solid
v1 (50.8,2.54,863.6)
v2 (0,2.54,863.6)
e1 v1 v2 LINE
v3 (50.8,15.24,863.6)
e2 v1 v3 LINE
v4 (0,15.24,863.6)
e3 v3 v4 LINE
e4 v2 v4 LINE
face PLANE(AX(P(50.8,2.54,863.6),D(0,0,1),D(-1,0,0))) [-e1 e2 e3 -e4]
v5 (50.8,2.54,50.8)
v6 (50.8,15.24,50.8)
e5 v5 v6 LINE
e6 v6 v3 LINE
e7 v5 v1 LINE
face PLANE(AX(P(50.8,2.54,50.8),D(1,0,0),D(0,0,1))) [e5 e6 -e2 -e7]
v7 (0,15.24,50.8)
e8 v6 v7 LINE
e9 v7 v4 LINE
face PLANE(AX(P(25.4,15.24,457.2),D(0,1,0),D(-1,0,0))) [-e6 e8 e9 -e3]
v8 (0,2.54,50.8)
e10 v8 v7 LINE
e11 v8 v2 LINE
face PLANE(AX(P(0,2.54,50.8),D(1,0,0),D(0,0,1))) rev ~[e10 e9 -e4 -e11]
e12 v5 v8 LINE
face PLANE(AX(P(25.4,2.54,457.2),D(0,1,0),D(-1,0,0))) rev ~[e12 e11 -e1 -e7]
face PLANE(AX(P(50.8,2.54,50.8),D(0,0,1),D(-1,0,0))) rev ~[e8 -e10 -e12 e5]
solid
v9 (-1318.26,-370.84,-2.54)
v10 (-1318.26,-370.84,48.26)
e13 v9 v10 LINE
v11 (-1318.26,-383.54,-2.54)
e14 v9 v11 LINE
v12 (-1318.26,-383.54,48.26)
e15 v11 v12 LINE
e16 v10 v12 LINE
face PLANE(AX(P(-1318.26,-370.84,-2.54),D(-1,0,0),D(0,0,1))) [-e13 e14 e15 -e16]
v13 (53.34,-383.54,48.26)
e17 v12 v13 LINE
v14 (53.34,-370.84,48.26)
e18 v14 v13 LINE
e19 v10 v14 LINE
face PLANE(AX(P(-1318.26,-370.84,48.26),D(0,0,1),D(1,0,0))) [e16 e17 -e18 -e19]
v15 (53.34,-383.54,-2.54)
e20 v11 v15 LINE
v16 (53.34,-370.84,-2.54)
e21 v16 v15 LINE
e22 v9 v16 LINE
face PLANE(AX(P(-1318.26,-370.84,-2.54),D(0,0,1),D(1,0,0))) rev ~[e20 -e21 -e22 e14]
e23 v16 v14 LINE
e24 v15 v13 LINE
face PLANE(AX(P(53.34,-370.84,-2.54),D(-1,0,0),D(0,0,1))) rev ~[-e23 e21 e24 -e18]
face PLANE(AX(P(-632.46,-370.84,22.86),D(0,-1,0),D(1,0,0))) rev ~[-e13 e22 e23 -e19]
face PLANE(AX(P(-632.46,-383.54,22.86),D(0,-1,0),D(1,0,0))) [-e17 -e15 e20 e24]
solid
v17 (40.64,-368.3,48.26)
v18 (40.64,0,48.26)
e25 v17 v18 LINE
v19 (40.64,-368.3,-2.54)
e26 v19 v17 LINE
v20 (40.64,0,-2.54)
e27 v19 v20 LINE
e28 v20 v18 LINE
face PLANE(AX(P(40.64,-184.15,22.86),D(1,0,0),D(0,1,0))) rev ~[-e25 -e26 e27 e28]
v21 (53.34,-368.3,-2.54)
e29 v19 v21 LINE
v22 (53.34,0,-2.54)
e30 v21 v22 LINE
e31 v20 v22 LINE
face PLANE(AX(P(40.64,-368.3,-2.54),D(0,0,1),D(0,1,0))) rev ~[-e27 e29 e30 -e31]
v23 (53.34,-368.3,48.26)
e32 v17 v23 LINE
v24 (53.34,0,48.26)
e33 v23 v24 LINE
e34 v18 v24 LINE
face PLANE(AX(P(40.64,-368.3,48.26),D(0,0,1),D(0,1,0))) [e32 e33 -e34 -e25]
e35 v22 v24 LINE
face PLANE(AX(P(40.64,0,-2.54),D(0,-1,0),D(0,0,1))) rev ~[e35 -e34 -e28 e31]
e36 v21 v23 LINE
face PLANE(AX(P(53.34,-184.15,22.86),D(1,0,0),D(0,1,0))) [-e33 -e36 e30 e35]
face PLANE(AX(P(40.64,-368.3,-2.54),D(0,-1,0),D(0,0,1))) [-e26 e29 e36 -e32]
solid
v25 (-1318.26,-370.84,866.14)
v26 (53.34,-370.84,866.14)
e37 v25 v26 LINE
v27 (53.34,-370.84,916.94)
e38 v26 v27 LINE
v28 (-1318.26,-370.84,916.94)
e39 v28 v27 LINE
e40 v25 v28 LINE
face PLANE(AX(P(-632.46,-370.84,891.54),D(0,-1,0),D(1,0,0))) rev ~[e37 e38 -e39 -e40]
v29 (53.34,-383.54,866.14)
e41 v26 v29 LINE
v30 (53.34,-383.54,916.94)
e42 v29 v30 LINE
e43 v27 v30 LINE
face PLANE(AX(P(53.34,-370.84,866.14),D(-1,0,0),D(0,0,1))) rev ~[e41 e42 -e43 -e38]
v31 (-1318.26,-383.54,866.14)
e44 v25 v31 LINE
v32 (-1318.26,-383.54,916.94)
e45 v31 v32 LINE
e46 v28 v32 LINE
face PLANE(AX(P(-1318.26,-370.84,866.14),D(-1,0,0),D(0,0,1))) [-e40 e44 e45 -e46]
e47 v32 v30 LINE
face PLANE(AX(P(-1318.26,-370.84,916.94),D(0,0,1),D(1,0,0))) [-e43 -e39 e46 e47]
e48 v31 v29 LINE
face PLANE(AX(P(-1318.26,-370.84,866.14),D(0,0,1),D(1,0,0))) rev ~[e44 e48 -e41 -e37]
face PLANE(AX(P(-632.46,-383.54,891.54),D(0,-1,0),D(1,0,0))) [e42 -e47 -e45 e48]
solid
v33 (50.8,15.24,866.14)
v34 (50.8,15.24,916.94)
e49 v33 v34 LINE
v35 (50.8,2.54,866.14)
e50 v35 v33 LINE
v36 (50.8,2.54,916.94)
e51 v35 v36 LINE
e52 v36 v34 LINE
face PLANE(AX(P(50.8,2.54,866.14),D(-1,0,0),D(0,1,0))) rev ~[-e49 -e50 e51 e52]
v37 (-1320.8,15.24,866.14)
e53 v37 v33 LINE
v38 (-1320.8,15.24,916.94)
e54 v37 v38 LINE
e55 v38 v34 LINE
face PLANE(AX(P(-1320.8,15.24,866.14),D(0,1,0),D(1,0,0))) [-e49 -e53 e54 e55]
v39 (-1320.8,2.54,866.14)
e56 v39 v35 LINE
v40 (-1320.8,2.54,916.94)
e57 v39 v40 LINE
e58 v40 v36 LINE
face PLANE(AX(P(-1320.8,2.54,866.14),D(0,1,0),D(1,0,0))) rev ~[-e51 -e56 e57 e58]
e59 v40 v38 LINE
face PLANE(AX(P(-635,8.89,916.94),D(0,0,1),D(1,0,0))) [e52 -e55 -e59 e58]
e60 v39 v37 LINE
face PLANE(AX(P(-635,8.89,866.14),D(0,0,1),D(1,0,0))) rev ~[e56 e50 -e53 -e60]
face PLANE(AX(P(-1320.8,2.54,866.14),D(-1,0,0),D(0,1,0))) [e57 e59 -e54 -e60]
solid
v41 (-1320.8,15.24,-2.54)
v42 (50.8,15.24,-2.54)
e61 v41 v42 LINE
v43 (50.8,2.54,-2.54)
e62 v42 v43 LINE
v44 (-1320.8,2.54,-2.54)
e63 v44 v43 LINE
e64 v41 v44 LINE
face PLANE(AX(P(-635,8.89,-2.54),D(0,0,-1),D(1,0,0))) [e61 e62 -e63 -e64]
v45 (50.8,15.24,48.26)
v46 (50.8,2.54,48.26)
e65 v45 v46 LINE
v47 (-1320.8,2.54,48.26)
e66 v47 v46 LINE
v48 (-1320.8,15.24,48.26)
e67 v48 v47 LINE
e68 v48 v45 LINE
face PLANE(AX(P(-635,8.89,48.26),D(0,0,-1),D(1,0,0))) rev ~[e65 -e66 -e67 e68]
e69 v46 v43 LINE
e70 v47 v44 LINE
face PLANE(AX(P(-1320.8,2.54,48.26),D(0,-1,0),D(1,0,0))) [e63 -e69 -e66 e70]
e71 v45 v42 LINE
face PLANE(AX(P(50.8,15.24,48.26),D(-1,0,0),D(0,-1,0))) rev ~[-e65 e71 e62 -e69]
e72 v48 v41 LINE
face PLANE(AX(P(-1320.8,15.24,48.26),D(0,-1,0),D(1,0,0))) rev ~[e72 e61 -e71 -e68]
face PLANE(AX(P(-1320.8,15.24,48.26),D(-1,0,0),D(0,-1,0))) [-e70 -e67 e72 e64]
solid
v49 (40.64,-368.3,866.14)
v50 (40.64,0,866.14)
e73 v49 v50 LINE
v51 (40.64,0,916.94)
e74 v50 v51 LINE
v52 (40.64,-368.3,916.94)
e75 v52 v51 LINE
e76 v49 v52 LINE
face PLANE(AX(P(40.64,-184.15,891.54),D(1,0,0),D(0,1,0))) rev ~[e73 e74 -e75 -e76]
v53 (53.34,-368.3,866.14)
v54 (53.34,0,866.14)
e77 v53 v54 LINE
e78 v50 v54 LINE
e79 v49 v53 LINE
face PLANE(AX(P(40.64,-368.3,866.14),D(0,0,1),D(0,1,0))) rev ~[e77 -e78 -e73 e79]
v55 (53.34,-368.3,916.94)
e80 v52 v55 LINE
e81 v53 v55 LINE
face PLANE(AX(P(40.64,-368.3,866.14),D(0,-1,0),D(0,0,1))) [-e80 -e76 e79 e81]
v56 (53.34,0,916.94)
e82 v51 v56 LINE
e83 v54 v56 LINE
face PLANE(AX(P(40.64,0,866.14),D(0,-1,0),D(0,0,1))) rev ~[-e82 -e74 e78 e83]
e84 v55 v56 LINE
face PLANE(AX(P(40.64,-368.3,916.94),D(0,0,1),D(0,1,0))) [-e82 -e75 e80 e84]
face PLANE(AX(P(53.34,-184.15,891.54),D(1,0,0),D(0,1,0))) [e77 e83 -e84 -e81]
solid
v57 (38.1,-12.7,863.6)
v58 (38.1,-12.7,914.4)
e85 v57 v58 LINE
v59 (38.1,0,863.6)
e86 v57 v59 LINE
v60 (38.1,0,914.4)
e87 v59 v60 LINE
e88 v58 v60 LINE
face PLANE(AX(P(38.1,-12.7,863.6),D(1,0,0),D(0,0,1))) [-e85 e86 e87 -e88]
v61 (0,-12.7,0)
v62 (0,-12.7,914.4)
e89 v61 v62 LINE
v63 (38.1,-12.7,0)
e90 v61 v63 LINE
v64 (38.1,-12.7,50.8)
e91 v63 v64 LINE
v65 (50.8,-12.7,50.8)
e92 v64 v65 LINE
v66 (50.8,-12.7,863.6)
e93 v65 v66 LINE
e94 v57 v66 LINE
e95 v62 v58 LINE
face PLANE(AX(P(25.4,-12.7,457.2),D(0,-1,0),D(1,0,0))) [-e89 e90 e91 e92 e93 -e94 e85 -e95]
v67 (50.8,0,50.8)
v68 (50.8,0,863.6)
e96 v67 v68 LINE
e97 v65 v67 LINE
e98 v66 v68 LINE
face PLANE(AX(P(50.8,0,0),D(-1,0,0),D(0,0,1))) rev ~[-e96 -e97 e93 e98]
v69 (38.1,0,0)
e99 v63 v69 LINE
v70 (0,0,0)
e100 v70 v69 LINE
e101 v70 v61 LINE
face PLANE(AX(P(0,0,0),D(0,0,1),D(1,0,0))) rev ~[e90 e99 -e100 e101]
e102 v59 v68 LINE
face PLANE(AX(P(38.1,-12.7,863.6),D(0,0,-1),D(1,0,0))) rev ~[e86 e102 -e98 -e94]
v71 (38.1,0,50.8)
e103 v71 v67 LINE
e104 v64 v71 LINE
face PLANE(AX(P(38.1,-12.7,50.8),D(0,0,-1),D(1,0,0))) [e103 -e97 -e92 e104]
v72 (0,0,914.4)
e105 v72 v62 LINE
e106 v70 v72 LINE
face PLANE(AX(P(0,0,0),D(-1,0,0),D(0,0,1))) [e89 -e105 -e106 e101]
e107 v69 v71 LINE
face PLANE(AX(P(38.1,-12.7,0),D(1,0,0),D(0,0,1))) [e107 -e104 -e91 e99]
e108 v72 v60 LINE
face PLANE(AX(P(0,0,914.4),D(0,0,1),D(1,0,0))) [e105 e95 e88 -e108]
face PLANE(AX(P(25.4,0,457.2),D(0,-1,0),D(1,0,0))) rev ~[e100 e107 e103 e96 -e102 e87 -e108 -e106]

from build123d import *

# Parameters (mm, degrees)
F0_W      = 50.8
F0_H      = 914.4
F1_DEPTH  = 12.7
F3_W      = 50.8
F3_H      = 812.8
F4_DEPTH  = 12.7
F6_W      = 1371.6
F6_H      = 12.7
F7_DEPTH  = 50.8
F9_W      = 1371.6
F9_H      = 12.7
F10_DEPTH = 50.8
F11_W     = 12.7
F11_H     = 50.8
F12_DEPTH = 12.7
F14_W     = 368.3
F14_H     = 50.8
F15_DEPTH = 12.7
F16_W     = 12.7
F16_H     = 50.8
F17_DEPTH = 12.7
F19_W     = 368.3
F19_H     = 50.8
F20_DEPTH = 12.7
F22_W     = 1371.6
F22_H     = 50.8
F23_DEPTH = 12.7
F25_W     = 1371.6
F25_H     = 50.8
F26_DEPTH = 12.7


with BuildPart() as f1:
    # F0 (on Front) → F1 (new body)
    with BuildSketch(Plane.XZ):
        with Locations((25.4, 457.2)):
            Rectangle(F0_W, F0_H)
    extrude(amount=F1_DEPTH)

    # F11 (on face) → F12 (cut)
    with BuildSketch(Plane.XZ.offset(12.7)):
        with Locations((44.45, 889)):
            Rectangle(F11_W, F11_H)
    extrude(amount=-F12_DEPTH, mode=Mode.SUBTRACT)

    # F16 (on face) → F17 (cut)
    with BuildSketch(Plane.XZ.offset(12.7)):
        with Locations((44.45, 25.4)):
            Rectangle(F16_W, F16_H)
    extrude(amount=-F17_DEPTH, mode=Mode.SUBTRACT)


with BuildPart() as f4:
    # F3 (on offset) → F4 (new body)
    with BuildSketch(Plane(origin=(0, 2.54, 0), x_dir=(-1, 0, 0), z_dir=(0, 1, 0))):
        with Locations((-25.4, 457.2)):
            Rectangle(F3_W, F3_H)
    extrude(amount=F4_DEPTH)


with BuildPart() as f7:
    # F6 (on offset) → F7 (new body)
    with BuildSketch(Plane(origin=(0, 0, 48.26), x_dir=(1, 0, 0), z_dir=(0, 0, -1))):
        with Locations((-635, -8.89)):
            Rectangle(F6_W, F6_H)
    extrude(amount=F7_DEPTH)


with BuildPart() as f10:
    # F9 (on offset) → F10 (new body)
    with BuildSketch(Plane.XY.offset(866.14)):
        with Locations((-635, 8.89)):
            Rectangle(F9_W, F9_H)
    extrude(amount=F10_DEPTH)


with BuildPart() as f15:
    # F14 (on offset) → F15 (new body)
    with BuildSketch(Plane.YZ.offset(40.64)):
        with Locations((-184.15, 891.54)):
            Rectangle(F14_W, F14_H)
    extrude(amount=F15_DEPTH)


with BuildPart() as f20:
    # F19 (on offset) → F20 (new body)
    with BuildSketch(Plane.YZ.offset(40.64)):
        with Locations((-184.15, 22.86)):
            Rectangle(F19_W, F19_H)
    extrude(amount=F20_DEPTH)


with BuildPart() as f23:
    # F22 (on offset) → F23 (new body)
    with BuildSketch(Plane.XZ.offset(370.84)):
        with Locations((-632.46, 891.54)):
            Rectangle(F22_W, F22_H)
    extrude(amount=F23_DEPTH)


with BuildPart() as f26:
    # F25 (on offset) → F26 (new body)
    with BuildSketch(Plane.XZ.offset(370.84)):
        with Locations((-632.46, 22.86)):
            Rectangle(F25_W, F25_H)
    extrude(amount=F26_DEPTH)


solid = Compound([f1.part, f4.part, f7.part, f10.part, f15.part, f20.part, f23.part, f26.part])
